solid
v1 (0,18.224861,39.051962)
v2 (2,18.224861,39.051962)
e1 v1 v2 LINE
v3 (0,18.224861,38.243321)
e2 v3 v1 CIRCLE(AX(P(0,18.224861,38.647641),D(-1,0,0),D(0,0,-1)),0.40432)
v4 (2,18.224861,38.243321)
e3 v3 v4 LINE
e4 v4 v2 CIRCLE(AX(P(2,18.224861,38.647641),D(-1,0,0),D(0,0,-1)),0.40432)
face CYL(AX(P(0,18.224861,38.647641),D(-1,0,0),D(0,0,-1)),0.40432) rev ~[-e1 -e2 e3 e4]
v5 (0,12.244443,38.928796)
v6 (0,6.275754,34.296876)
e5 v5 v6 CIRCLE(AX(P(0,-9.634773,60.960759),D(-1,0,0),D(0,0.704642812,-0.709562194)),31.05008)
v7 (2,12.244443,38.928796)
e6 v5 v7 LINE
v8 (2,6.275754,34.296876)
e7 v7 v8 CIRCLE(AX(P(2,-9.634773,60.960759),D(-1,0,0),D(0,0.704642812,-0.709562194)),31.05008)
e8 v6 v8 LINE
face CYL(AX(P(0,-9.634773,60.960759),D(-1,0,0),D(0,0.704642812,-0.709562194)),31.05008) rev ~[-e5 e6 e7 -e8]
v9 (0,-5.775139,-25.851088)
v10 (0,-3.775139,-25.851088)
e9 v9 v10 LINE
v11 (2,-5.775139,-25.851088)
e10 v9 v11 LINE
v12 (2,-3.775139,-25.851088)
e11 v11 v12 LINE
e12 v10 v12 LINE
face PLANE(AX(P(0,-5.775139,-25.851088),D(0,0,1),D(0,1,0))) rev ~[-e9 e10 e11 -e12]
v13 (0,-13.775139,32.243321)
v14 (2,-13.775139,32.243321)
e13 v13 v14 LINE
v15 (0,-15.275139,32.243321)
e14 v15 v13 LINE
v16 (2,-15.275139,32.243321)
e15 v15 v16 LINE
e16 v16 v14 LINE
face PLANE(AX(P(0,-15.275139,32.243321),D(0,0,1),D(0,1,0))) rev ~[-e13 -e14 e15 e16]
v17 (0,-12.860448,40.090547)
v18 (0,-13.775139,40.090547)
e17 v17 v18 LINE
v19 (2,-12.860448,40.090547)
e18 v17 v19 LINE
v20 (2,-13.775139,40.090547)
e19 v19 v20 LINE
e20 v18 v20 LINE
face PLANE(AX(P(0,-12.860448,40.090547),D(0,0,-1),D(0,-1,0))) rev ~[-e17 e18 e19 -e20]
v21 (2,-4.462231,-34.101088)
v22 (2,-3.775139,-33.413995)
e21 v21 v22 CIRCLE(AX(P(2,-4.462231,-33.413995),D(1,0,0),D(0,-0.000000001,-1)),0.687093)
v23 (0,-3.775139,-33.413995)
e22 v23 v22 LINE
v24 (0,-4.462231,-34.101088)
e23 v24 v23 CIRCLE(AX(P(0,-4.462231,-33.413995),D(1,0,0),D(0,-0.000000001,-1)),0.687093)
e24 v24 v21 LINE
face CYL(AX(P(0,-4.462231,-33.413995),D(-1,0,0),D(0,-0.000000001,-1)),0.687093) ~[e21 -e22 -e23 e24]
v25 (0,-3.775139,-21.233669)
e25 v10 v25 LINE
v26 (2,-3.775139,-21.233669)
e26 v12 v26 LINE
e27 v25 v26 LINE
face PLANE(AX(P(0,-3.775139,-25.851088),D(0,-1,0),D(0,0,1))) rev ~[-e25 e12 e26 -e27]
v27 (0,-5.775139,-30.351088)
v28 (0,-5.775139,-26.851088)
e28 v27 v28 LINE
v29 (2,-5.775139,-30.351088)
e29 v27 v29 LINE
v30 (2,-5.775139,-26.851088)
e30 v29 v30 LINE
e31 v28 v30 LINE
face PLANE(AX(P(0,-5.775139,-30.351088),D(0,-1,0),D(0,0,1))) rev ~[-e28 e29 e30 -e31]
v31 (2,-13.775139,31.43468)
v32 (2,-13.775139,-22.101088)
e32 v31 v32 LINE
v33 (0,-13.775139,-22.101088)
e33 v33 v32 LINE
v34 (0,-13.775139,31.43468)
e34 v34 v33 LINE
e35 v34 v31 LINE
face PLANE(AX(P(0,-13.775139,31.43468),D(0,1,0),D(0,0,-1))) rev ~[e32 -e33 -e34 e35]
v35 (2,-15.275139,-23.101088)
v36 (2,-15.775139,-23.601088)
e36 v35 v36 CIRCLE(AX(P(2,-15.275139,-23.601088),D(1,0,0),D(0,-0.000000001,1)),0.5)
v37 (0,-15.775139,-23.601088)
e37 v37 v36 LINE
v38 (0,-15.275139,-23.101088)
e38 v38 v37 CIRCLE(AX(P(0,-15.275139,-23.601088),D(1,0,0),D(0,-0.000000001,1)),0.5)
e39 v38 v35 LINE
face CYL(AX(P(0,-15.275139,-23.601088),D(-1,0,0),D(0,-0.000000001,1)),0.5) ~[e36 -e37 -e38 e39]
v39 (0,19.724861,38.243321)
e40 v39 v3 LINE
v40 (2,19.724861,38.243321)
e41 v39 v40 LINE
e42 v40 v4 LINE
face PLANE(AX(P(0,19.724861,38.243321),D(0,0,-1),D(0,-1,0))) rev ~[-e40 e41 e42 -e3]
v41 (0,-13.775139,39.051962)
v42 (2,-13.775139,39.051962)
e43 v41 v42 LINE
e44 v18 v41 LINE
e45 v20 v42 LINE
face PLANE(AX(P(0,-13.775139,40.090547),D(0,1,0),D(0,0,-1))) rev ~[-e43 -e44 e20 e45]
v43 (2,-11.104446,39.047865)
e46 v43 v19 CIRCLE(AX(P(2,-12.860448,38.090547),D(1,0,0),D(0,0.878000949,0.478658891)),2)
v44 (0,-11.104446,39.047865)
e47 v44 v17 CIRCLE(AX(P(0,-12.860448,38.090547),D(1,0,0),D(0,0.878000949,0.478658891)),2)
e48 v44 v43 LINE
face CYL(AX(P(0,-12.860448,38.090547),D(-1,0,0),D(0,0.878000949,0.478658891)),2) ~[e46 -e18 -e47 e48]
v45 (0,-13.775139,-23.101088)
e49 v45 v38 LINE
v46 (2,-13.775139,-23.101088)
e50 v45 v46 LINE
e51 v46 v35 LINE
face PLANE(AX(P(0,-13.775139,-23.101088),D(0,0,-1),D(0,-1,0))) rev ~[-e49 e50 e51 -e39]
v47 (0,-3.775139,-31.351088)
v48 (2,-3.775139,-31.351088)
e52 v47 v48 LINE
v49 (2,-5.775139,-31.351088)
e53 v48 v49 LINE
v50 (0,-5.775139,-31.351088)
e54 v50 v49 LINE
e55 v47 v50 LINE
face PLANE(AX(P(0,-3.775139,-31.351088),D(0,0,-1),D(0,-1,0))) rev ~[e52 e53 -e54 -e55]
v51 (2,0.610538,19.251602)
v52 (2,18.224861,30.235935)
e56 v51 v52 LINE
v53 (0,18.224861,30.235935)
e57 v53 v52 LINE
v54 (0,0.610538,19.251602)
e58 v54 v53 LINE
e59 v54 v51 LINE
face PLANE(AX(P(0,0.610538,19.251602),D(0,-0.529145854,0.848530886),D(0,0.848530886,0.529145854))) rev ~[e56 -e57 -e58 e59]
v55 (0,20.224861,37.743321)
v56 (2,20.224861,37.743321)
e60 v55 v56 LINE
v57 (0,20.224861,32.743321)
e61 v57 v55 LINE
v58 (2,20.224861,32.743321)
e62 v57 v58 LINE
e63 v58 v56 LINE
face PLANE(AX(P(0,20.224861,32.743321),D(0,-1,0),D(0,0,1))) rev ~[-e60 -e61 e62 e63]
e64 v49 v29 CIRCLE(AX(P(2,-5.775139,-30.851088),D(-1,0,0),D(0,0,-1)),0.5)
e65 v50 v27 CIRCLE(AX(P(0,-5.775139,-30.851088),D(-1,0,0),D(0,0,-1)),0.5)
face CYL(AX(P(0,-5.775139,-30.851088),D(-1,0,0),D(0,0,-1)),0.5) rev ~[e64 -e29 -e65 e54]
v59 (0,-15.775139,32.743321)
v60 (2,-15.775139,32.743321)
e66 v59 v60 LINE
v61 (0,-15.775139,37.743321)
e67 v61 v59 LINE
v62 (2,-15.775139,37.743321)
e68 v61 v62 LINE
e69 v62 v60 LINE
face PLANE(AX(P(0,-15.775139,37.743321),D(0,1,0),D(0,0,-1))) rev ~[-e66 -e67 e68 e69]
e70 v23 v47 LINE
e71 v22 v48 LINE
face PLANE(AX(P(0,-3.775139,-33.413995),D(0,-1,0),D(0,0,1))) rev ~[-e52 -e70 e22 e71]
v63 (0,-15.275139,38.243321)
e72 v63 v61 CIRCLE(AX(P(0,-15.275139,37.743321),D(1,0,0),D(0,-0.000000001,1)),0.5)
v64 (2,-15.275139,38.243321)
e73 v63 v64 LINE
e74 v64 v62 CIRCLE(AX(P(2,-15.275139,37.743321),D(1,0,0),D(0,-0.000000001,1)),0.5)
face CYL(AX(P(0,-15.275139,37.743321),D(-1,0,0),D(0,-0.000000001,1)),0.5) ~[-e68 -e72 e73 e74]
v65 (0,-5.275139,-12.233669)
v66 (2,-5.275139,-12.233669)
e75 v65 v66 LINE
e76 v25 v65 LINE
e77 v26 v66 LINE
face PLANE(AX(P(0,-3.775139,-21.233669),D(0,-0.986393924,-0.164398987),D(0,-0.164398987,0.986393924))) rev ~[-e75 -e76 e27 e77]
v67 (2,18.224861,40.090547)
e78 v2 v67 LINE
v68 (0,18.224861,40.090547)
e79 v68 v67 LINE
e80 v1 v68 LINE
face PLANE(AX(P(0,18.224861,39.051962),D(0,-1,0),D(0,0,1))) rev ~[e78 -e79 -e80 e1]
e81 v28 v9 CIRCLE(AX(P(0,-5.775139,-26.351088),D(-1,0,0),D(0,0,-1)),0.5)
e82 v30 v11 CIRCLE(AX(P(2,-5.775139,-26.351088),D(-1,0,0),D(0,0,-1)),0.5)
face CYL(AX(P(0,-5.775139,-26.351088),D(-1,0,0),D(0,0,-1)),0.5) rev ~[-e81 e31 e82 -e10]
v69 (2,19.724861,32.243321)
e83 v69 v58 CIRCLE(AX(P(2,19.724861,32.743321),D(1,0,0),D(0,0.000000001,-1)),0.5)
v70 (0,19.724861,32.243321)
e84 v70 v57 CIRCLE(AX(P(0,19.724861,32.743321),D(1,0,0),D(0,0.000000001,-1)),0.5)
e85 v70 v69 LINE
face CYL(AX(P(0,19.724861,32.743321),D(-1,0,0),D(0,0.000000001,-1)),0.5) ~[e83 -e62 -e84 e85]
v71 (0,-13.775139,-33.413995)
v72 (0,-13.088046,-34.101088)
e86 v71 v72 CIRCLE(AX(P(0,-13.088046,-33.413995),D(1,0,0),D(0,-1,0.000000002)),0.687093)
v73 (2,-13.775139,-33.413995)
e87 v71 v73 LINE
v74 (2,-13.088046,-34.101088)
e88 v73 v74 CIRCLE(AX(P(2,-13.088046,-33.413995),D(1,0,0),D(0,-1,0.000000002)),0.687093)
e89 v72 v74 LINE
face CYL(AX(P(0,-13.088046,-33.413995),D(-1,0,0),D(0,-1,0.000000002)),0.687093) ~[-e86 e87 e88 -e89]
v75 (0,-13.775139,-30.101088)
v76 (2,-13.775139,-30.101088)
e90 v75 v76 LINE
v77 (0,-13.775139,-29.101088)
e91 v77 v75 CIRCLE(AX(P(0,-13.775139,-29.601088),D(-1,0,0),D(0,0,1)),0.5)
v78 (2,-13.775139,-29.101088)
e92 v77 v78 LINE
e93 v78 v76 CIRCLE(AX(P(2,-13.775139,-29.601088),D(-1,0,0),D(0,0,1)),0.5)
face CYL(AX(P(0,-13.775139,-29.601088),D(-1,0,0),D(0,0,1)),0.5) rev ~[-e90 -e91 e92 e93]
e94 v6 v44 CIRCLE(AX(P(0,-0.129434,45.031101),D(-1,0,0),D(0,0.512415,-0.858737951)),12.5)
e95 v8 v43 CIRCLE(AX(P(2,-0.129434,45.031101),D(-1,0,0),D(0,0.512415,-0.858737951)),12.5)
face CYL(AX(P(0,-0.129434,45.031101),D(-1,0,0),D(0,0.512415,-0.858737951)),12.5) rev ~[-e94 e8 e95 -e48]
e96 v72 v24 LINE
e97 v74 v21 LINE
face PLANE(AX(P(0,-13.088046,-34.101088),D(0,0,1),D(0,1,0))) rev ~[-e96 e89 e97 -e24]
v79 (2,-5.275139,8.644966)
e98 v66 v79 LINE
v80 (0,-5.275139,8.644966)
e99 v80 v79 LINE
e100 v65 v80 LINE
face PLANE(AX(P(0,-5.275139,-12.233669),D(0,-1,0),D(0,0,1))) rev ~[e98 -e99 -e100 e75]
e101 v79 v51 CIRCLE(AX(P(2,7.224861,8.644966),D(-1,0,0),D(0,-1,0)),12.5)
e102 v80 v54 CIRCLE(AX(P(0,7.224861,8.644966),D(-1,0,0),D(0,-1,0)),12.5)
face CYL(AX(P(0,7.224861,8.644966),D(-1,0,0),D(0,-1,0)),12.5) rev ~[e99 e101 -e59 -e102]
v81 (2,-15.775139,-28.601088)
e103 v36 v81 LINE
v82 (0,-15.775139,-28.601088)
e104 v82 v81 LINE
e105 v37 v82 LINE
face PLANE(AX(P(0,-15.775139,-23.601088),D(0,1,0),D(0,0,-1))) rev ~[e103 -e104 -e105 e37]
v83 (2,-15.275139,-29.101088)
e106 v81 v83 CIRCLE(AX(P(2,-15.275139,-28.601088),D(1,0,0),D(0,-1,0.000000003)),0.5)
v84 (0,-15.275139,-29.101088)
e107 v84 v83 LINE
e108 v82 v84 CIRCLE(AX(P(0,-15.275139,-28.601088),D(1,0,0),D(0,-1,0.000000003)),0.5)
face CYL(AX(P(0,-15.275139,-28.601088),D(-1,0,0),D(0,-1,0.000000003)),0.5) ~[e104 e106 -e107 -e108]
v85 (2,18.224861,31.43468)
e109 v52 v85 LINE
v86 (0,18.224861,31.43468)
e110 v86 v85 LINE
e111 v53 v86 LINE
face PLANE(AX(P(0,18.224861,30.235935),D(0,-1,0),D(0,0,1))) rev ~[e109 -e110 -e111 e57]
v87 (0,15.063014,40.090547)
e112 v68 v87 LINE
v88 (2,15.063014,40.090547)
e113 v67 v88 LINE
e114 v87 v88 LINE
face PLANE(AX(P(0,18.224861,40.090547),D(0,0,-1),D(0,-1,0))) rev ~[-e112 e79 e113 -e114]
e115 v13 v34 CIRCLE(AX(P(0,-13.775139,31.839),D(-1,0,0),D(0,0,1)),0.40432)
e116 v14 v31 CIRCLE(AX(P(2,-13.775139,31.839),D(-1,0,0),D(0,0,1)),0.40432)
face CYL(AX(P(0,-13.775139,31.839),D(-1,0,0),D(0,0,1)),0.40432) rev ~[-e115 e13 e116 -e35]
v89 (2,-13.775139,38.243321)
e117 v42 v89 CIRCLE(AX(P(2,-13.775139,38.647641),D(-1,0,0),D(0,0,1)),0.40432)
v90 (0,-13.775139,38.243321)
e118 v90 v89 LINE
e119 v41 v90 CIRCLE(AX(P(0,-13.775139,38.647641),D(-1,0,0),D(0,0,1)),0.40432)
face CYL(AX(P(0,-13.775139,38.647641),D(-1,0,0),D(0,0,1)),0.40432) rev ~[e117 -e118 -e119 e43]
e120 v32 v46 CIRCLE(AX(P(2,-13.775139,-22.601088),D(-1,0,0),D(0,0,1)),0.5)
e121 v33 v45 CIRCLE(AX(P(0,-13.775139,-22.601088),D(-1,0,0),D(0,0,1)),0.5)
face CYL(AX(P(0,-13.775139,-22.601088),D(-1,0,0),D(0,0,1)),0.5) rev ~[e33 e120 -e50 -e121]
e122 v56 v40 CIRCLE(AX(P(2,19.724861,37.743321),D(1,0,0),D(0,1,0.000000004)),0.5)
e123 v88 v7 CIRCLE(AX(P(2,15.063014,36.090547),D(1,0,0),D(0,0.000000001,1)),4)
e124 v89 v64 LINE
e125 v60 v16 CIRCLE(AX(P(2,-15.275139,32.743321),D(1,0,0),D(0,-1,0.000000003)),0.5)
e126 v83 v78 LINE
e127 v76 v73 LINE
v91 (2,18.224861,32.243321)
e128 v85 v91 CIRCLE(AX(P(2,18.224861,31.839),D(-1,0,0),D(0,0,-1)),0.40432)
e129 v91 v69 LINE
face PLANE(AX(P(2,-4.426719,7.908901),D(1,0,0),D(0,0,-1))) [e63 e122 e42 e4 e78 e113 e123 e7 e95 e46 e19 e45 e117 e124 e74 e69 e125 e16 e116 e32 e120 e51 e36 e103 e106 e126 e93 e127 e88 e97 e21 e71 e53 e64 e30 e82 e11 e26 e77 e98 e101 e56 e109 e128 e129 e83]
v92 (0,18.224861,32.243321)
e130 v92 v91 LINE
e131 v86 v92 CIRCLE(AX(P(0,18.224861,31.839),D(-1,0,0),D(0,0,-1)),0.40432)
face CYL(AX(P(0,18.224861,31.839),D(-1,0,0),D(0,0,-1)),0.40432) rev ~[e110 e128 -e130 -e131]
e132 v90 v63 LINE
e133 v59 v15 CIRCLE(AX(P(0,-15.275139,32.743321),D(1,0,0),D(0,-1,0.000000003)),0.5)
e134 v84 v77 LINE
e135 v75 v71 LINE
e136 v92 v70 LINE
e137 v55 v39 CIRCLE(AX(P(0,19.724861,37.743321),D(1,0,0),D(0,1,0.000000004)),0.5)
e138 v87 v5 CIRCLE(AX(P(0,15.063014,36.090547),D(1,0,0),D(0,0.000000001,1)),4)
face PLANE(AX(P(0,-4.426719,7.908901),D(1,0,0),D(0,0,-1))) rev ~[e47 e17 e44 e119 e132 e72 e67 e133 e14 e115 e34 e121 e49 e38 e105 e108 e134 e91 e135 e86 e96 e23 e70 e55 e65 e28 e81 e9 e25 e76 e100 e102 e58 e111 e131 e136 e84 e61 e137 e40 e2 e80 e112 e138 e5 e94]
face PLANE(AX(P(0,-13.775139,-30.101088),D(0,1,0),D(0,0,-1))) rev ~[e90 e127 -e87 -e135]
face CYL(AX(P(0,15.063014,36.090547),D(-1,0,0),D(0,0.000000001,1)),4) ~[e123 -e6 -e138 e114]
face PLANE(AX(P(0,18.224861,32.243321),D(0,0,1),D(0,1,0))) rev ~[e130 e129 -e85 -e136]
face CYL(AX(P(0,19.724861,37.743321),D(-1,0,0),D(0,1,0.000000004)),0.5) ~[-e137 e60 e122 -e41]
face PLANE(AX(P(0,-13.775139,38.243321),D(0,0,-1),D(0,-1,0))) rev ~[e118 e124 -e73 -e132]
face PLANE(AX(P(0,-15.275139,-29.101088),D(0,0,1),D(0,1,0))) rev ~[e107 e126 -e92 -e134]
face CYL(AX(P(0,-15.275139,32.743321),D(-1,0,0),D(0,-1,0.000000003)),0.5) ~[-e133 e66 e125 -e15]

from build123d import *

# Parameters (mm, degrees)
BOSS_EXTRUDE1_DEPTH = 2


with BuildPart() as part:
    # Sketch4 → Boss-Extrude1 (new body)
    with BuildSketch(Plane(origin=(0, 0, 0), x_dir=(0, 0, -1), z_dir=(1, 0, 0))):
        with BuildLine():
            Line((34.101087746, -13.088045862), (34.101087746, -4.462231487))
            ThreePointArc((34.101087746, -4.462231487), (33.899842921, -3.9763835), (33.413994934, -3.775138674))
            Line((33.413994934, -3.775138674), (31.351087746, -3.775138674))
            Line((31.351087746, -3.775138674), (31.351087746, -5.775138674))
            ThreePointArc((31.351087746, -5.775138674), (30.851087746, -6.275138674), (30.351087746, -5.775138674))
            Line((30.351087746, -5.775138674), (26.851087746, -5.775138674))
            ThreePointArc((26.851087746, -5.775138674), (26.351087746, -6.275138674), (25.851087746, -5.775138674))
            Line((25.851087746, -5.775138674), (25.851087746, -3.775138674))
            Line((25.851087746, -3.775138674), (21.233669279, -3.775138674))
            Line((21.233669279, -3.775138674), (12.233669279, -5.275138674))
            Line((12.233669279, -5.275138674), (-8.644965801, -5.275138674))
            ThreePointArc((-8.644965801, -5.275138674), (-14.710069272, -3.705121285), (-19.251601877, 0.610538145))
            Line((-19.251601877, 0.610538145), (-30.235935202, 18.224861326))
            Line((-30.235935202, 18.224861326), (-31.434679787, 18.224861326))
            ThreePointArc((-31.434679787, 18.224861326), (-31.839000225, 17.820540888), (-32.243320663, 18.224861326))
            Line((-32.243320663, 18.224861326), (-32.243320663, 19.724861326))
            ThreePointArc((-32.243320663, 19.724861326), (-32.389767272, 20.078414716), (-32.743320663, 20.224861326))
            Line((-32.743320663, 20.224861326), (-37.743320663, 20.224861326))
            ThreePointArc((-37.743320663, 20.224861326), (-38.096874053, 20.078414716), (-38.243320663, 19.724861326))
            Line((-38.243320663, 19.724861326), (-38.243320663, 18.224861326))
            ThreePointArc((-38.243320663, 18.224861326), (-38.647641101, 17.820540888), (-39.051961539, 18.224861326))
            Line((-39.051961539, 18.224861326), (-40.090546725, 18.224861326))
            Line((-40.090546725, 18.224861326), (-40.090546725, 15.063013808))
            ThreePointArc((-40.090546725, 15.063013808), (-39.78872162, 13.538709885), (-38.928795501, 12.244442559))
            ThreePointArc((-38.928795501, 12.244442559), (-36.430620964, 9.401503447), (-34.296876278, 6.275753549))
            ThreePointArc((-34.296876278, 6.275753549), (-32.973480494, -3.425461249), (-39.047864509, -11.104445805))
            ThreePointArc((-39.047864509, -11.104445805), (-39.810232099, -11.839329581), (-40.090546725, -12.860447701))
            Line((-40.090546725, -12.860447701), (-40.090546725, -13.775138674))
            Line((-40.090546725, -13.775138674), (-39.051961539, -13.775138674))
            ThreePointArc((-39.051961539, -13.775138674), (-38.647641101, -13.370818236), (-38.243320663, -13.775138674))
            Line((-38.243320663, -13.775138674), (-38.243320663, -15.275138674))
            ThreePointArc((-38.243320663, -15.275138674), (-38.096874053, -15.628692065), (-37.743320663, -15.775138674))
            Line((-37.743320663, -15.775138674), (-32.743320663, -15.775138674))
            ThreePointArc((-32.743320663, -15.775138674), (-32.389767272, -15.628692065), (-32.243320663, -15.275138674))
            Line((-32.243320663, -15.275138674), (-32.243320663, -13.775138674))
            ThreePointArc((-32.243320663, -13.775138674), (-31.839000225, -13.370818236), (-31.434679787, -13.775138674))
            Line((-31.434679787, -13.775138674), (22.101087746, -13.775138674))
            ThreePointArc((22.101087746, -13.775138674), (22.601087746, -13.275138674), (23.101087746, -13.775138674))
            Line((23.101087746, -13.775138674), (23.101087746, -15.275138674))
            ThreePointArc((23.101087746, -15.275138674), (23.247534356, -15.628692065), (23.601087746, -15.775138674))
            Line((23.601087746, -15.775138674), (28.601087746, -15.775138674))
            ThreePointArc((28.601087746, -15.775138674), (28.954641137, -15.628692065), (29.101087746, -15.275138674))
            Line((29.101087746, -15.275138674), (29.101087746, -13.775138674))
            ThreePointArc((29.101087746, -13.775138674), (29.601087746, -13.275138674), (30.101087746, -13.775138674))
            Line((30.101087746, -13.775138674), (33.413994934, -13.775138674))
            ThreePointArc((33.413994934, -13.775138674), (33.899842921, -13.573893849), (34.101087746, -13.088045862))
        make_face()
    extrude(amount=BOSS_EXTRUDE1_DEPTH)


solid = part.part
